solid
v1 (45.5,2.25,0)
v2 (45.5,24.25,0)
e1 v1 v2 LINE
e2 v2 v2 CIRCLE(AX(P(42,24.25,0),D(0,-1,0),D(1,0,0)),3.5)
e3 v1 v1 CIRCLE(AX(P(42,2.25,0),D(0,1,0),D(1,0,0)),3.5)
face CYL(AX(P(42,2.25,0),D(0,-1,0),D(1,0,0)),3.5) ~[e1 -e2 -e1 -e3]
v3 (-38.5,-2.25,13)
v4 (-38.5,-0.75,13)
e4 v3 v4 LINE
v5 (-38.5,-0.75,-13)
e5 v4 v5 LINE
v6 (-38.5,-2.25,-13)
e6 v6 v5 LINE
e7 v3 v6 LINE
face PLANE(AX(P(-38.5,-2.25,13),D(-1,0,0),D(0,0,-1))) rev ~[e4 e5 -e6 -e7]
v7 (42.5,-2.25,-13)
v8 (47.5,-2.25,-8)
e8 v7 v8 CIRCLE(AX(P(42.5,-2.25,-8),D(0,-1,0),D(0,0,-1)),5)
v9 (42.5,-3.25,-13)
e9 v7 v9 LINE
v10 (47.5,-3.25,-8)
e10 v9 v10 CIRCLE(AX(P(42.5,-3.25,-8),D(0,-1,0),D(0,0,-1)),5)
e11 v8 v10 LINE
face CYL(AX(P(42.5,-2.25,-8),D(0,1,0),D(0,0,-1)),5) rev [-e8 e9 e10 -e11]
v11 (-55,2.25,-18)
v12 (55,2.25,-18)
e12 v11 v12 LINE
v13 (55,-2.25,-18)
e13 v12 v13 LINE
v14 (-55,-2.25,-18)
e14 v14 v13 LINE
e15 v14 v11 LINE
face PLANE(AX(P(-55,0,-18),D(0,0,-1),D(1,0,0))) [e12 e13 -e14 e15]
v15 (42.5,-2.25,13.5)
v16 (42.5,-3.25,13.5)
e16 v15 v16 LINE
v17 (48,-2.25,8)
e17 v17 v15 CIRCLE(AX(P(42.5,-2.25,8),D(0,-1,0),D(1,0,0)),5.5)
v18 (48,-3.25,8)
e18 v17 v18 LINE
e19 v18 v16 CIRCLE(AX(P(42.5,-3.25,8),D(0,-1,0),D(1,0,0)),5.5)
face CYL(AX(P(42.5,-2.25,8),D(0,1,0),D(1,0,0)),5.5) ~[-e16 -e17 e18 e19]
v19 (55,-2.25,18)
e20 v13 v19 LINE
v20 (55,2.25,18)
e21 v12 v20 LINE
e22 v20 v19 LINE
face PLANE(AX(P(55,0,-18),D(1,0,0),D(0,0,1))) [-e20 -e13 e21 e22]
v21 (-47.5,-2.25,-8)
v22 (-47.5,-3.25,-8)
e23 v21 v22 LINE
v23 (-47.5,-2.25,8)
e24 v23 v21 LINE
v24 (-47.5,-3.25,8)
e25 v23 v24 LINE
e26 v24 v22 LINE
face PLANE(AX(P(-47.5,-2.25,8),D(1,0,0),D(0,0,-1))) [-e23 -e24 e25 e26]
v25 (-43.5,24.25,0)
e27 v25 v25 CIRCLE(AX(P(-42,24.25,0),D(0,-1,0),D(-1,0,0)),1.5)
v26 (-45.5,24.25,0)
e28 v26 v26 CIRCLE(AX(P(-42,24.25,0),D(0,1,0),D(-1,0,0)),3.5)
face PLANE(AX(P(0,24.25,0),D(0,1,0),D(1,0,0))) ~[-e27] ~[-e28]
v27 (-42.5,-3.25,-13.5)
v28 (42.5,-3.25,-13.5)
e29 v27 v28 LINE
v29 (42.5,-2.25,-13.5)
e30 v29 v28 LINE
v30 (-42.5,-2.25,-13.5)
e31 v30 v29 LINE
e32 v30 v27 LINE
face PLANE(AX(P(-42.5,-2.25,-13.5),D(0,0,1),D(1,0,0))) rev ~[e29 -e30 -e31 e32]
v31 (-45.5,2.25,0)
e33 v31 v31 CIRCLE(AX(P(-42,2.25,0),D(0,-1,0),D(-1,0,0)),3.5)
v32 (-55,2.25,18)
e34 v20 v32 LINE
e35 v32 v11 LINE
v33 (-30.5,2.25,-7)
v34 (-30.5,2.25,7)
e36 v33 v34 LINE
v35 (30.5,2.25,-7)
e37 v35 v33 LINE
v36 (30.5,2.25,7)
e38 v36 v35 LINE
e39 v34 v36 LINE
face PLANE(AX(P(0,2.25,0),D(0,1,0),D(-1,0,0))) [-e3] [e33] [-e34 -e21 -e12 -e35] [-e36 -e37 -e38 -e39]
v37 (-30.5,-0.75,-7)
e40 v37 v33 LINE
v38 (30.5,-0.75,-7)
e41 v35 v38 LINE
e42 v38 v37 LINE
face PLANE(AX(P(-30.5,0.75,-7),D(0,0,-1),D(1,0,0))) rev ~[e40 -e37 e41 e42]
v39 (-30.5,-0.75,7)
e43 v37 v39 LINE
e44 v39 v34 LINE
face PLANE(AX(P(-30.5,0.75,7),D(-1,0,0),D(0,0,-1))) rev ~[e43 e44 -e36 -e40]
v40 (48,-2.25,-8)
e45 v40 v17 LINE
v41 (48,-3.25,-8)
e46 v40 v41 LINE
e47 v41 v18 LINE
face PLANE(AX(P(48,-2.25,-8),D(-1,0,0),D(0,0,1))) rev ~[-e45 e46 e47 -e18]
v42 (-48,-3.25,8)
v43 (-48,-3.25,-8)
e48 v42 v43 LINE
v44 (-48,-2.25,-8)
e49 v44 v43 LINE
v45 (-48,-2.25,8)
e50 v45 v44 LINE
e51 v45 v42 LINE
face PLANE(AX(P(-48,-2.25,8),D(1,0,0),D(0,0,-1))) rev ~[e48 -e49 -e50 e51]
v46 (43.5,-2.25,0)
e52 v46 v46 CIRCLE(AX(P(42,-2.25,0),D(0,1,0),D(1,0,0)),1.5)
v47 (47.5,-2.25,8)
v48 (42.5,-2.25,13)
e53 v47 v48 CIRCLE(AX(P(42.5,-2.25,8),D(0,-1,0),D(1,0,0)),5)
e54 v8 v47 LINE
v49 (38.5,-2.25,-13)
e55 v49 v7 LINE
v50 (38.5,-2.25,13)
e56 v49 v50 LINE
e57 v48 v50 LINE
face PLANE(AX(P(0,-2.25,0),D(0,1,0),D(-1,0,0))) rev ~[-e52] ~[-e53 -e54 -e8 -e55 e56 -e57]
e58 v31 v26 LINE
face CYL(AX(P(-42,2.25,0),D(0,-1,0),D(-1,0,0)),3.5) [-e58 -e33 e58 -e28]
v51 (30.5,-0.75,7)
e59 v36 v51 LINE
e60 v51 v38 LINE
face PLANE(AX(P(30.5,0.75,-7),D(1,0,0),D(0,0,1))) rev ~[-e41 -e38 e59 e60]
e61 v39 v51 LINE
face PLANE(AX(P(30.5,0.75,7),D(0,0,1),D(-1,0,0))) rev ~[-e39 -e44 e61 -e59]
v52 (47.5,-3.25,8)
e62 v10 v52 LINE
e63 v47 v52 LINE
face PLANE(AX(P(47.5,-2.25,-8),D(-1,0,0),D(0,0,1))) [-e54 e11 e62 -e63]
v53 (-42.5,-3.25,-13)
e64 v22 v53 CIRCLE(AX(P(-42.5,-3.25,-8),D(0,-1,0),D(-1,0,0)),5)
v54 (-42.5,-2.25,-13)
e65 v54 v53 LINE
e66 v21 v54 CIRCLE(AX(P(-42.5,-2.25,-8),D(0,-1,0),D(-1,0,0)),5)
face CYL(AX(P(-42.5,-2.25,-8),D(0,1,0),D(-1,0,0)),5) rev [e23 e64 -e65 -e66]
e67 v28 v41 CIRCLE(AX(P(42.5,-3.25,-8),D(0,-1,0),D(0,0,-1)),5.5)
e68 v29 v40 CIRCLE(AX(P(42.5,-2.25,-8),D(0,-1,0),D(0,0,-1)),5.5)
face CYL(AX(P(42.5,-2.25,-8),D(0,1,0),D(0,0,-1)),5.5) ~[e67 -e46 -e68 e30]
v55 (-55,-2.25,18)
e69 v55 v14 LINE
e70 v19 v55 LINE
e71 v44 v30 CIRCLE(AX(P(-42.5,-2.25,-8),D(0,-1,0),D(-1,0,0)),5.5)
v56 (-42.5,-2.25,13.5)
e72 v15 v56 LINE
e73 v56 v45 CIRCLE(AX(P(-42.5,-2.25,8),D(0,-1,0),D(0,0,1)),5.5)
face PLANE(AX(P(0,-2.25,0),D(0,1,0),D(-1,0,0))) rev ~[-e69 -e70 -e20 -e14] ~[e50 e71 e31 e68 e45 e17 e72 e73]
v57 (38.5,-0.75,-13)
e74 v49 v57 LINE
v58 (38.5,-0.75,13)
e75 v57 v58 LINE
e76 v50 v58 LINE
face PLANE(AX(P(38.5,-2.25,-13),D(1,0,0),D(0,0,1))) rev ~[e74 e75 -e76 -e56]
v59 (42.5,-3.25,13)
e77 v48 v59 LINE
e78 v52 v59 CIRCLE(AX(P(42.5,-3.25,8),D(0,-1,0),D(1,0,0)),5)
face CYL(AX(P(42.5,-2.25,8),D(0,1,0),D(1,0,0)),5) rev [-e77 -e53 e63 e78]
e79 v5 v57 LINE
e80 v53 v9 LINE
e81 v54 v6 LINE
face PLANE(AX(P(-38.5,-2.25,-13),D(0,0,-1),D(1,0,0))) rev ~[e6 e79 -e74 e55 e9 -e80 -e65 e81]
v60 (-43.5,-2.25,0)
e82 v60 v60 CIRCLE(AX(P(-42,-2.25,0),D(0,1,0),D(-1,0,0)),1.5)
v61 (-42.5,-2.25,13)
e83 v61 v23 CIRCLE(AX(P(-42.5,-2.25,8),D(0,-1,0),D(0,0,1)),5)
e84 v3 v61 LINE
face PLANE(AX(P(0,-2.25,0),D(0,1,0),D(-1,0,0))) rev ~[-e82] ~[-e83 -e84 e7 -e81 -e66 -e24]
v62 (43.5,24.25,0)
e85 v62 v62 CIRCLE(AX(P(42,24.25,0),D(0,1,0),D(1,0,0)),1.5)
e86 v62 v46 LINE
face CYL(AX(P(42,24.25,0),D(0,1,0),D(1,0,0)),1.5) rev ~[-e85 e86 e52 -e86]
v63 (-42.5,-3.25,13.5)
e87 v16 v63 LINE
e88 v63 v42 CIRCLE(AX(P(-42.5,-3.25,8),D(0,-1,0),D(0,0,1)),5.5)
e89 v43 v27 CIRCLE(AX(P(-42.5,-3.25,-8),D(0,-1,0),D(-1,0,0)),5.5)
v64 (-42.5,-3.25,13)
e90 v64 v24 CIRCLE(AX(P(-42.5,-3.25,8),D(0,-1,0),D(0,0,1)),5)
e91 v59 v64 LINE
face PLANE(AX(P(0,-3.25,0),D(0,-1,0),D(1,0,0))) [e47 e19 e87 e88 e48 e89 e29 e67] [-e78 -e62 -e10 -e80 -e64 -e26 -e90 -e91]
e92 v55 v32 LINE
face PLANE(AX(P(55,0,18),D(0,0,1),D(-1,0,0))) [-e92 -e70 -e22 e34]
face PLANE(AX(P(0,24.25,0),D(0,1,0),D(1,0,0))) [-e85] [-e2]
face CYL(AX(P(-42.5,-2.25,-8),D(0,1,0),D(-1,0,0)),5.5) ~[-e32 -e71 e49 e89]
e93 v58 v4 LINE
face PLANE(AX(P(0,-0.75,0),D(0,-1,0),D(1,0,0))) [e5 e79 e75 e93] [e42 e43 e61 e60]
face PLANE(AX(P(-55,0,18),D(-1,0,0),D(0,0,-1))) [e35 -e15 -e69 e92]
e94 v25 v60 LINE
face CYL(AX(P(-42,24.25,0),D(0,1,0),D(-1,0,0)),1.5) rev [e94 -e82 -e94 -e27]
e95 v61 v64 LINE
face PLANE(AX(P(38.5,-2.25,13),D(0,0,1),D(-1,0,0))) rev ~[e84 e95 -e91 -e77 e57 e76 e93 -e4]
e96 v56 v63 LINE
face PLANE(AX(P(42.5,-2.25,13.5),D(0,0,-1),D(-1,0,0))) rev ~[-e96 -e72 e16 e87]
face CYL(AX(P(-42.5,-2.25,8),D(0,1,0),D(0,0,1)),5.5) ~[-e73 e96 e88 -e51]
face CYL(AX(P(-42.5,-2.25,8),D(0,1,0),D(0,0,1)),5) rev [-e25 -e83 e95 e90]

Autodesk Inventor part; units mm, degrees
ref_plane "YZ Plane" through (0, 0, 0) normal (1, 0, 0) x (0, 1, 0)
ref_plane "XZ Plane" through (0, 0, 0) normal (0, 1, 0) x (-1, 0, 0)
ref_plane "XY Plane" through (0, 0, 0) normal (0, 0, 1) x (1, 0, 0)
sketch "Sketch1" plane through (0, 0, 0) normal (0, 1, 0) x (-1, 0, 0)
  line L0 (55, -18) -> (-55, -18)
  line L1 (-55, -18) -> (-55, 18)
  line L2 (-55, 18) -> (55, 18)
  line L3 (55, 18) -> (55, -18)
  line L4 (55, -18) -> (-55, 18) construction
  line L5 (-55, -18) -> (55, 18) construction
  point P0 (0, 0)
  dimension "d0" = 110
  dimension "d1" = 36
extrude "Body" add sketch "Sketch1" along normal mid plane 4.5
ref_plane "Work Plane4" through (0, 0.75, 0) normal (0, 1, 0) x (1, 0, 0)
sketch "Sketch6" plane through (0, 0.75, 0) normal (0, 1, 0) x (1, 0, 0)
  line L0 (-30.5, 7) -> (30.5, 7)
  line L1 (30.5, 7) -> (30.5, -7)
  line L2 (30.5, -7) -> (-30.5, -7)
  line L3 (-30.5, -7) -> (-30.5, 7)
  line L4 (-30.5, 7) -> (30.5, -7) construction
  line L5 (30.5, 7) -> (-30.5, -7) construction
  point P0 (0, 0)
  dimension "d15" = 61
  dimension "d16" = 14
extrude "Flow Volume" cut sketch "Sketch6" along normal through all both and the other way through all
sketch "Sketch14" plane through (0, 2.25, 0) normal (0, 1, 0) x (1, 0, 0)
  line L0 (38.5, 18) -> (38.5, -18) projected
  line L1 (38.5, 0) -> (55, 0)
  line L2 (55, 18) -> (55, -18) projected
  circle A0 centre (42, 0) radius 3.5
  point P0 (0, 0)
  dimension "d37" = 7
extrude "Inlet" add sketch "Sketch14" along normal blind 22
sketch "Sketch15" plane through (42, 24.25, 0) normal (0, 1, 0) x (1, 0, 0)
  circle A0 centre (0, 0) radius 1.5
  circle A1 centre (0, 0) radius 3.5 projected
  point P0 (-42, 0)
  dimension "d40" = 3
extrude "Inlet Hole" cut sketch "Sketch15" against normal through all contours A0
ref_plane "Work Plane1" through (0, 0.75, 18) normal (-1, 0, 0) x (0, 0, -1)
mirror "Outlet" about plane through (0, 0.75, 18) normal (-1, 0, 0) of "Inlet", "Inlet Hole"
sketch "Sketch22" plane through (0, -2.25, 0) normal (0, -1, 0) x (1, 0, 0)
  line L0 (-42.5, -13) -> (42.5, -13)
  line L1 (47.5, -8) -> (47.5, 8)
  line L2 (42.5, 13) -> (-42.5, 13)
  line L3 (-47.5, 8) -> (-47.5, -8)
  line L4 (-47.5, -13) -> (47.5, 13) construction
  line L5 (47.5, -13) -> (-47.5, 13) construction
  line L6 (-42.5, -13.5) -> (42.5, -13.5)
  line L7 (48, -8) -> (48, 8)
  line L8 (42.5, 13.5) -> (-42.5, 13.5)
  line L9 (-48, 8) -> (-48, -8)
  line L10 (-48, -13.5) -> (48, 13.5) construction
  line L11 (48, -13.5) -> (-48, 13.5) construction
  arc A0 (-47.5, -8) -> (-42.5, -13) centre (-42.5, -8) ccw
  arc A1 (42.5, -13) -> (47.5, -8) centre (42.5, -8) ccw
  arc A2 (47.5, 8) -> (42.5, 13) centre (42.5, 8) ccw
  arc A3 (-42.5, 13) -> (-47.5, 8) centre (-42.5, 8) ccw
  arc A4 (-48, -8) -> (-42.5, -13.5) centre (-42.5, -8) ccw
  arc A5 (42.5, -13.5) -> (48, -8) centre (42.5, -8) ccw
  arc A6 (48, 8) -> (42.5, 13.5) centre (42.5, 8) ccw
  arc A7 (-42.5, 13.5) -> (-48, 8) centre (-42.5, 8) ccw
  point P0 (0, 0)
  dimension "d56" = 95
  dimension "d57" = 26
  dimension "d58" = 0.5
  dimension "d59" = 0.5
  dimension "d60" = 5
  dimension "d61" = 5.5
extrude "Knife Edge" add sketch "Sketch22" along normal blind 1
sketch "Sketch23" plane through (0, -2.25, 0) normal (0, -1, 0) x (1, 0, 0)
  line L0 (38.5, 13) -> (-38.5, 13)
  line L1 (-38.5, 13) -> (-38.5, -13)
  line L2 (-38.5, -13) -> (38.5, -13)
  line L3 (38.5, -13) -> (38.5, 13)
  line L4 (38.5, 13) -> (-38.5, -13) construction
  line L5 (-38.5, 13) -> (38.5, -13) construction
  line L6 (-42.5, -13) -> (42.5, -13) projected
  point P0 (0, 0)
  dimension "d64" = 77
extrude "Extrusion14" cut sketch "Sketch23" against normal blind 1.5
properties part number "Top 6_7"
